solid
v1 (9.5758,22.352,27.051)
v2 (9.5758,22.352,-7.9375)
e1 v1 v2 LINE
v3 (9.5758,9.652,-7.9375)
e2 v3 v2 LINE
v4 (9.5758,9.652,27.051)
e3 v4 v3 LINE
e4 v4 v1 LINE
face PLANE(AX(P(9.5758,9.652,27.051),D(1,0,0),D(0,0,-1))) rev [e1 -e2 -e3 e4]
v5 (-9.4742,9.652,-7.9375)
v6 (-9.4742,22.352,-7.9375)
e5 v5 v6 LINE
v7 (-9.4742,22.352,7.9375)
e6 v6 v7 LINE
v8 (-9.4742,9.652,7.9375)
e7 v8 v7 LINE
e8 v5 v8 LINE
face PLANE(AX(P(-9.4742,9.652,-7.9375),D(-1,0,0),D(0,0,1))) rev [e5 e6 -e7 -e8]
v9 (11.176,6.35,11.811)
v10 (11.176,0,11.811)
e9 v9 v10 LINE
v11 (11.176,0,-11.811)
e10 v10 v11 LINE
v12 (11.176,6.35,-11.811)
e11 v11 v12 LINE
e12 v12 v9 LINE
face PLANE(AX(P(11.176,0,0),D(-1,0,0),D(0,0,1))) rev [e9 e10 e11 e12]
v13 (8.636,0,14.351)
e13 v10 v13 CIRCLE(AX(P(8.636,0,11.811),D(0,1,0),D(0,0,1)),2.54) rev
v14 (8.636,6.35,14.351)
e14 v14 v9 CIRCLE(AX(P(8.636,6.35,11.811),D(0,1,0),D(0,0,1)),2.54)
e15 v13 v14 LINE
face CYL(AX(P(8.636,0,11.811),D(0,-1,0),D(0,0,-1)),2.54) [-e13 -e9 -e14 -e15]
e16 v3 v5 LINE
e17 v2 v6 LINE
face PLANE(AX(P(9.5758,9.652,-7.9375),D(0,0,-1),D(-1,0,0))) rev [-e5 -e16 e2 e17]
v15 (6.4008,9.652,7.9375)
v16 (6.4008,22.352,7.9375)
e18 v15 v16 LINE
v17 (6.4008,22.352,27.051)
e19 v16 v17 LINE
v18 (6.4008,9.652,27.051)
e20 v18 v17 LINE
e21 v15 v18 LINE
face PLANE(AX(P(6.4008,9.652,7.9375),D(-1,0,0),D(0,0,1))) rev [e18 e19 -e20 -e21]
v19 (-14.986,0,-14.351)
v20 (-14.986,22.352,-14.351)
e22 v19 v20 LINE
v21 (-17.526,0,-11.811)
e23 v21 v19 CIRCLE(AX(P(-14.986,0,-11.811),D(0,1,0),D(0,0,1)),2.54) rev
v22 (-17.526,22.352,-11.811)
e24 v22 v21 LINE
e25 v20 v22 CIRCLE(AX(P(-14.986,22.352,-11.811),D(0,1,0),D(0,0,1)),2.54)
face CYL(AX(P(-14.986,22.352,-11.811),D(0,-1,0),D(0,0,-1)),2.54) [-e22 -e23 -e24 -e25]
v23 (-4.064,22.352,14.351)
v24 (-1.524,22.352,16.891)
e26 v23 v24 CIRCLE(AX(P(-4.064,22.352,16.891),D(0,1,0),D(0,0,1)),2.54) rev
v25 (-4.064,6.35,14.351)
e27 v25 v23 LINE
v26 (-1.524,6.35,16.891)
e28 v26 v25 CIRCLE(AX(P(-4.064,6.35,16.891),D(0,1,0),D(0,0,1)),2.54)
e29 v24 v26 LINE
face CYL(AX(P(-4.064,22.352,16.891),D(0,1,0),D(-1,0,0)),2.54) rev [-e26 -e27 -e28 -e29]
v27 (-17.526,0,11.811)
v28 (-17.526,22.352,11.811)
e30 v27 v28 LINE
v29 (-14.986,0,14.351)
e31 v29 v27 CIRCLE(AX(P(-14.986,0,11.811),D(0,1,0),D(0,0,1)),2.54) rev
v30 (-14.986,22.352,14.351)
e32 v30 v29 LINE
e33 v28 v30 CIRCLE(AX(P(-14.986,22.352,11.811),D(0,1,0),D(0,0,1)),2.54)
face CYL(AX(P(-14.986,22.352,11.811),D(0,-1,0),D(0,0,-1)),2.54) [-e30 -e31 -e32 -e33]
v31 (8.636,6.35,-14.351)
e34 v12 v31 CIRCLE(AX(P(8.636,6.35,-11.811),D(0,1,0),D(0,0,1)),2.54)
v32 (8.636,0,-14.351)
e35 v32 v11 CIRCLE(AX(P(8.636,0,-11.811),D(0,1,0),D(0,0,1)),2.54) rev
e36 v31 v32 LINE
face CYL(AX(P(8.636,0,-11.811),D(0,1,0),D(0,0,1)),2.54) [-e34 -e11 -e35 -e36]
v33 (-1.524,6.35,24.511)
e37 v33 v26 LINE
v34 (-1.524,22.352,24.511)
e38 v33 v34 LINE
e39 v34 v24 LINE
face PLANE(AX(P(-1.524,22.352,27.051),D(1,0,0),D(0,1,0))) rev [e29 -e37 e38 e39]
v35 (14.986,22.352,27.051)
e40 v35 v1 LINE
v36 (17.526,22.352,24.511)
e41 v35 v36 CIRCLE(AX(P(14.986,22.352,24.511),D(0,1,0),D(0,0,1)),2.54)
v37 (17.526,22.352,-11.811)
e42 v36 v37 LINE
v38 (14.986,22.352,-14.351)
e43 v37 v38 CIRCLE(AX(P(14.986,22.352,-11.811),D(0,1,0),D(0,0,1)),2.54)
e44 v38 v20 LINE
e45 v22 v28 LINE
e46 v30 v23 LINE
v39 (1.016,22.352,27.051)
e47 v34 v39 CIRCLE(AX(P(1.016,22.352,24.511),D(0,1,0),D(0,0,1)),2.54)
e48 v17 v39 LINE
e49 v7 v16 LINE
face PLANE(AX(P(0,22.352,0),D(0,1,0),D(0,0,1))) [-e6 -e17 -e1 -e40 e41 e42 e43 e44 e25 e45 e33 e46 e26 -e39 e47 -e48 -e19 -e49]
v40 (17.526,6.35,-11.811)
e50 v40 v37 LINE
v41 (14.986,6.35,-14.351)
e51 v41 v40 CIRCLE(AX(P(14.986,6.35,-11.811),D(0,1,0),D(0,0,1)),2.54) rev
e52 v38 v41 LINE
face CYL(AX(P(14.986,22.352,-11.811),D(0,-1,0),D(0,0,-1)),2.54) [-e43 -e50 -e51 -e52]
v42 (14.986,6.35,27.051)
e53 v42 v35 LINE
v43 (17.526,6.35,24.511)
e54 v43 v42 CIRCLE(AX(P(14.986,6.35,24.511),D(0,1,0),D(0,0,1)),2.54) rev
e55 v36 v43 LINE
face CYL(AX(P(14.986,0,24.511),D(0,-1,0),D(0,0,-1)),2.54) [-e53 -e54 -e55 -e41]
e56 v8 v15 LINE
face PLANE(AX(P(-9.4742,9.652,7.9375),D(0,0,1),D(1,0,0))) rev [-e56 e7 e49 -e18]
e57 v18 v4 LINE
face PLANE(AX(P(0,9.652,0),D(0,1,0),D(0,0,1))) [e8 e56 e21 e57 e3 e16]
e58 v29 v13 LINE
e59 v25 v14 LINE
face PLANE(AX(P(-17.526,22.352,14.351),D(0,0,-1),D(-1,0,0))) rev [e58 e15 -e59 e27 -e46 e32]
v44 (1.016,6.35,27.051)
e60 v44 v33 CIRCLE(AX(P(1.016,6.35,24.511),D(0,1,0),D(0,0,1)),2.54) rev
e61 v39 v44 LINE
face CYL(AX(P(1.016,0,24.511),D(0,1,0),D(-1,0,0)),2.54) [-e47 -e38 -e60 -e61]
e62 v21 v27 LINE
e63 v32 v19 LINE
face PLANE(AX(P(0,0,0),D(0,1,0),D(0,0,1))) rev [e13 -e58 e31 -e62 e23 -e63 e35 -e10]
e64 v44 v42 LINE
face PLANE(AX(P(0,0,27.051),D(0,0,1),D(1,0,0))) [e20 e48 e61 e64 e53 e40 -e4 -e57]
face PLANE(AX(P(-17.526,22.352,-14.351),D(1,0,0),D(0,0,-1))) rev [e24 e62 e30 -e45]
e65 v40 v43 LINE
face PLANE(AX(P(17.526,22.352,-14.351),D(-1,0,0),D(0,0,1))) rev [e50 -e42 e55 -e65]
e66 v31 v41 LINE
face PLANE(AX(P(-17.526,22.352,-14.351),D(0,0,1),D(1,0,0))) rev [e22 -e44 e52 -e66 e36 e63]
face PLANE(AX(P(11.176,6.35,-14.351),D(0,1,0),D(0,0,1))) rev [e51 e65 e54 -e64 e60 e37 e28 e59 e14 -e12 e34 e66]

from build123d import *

# Parameters (mm, degrees)
SKETCH1_W           = 35.052
SKETCH1_H           = 28.702
BOSS_EXTRUDE5_DEPTH = 22.352
SKETCH6_W           = 28.702
SKETCH6_H           = 6.35
CUT_EXTRUDE1_DEPTH  = 6.35
SKETCH7_W           = 19.05
SKETCH7_H           = 16.002
BOSS_EXTRUDE6_DEPTH = 12.7
CUT_EXTRUDE2_DEPTH  = 12.7
FILLET5_R           = 2.54
FILLET6_R           = 2.54


with BuildPart() as part:
    # Sketch1 → Boss-Extrude5 (new body)
    with BuildSketch(Plane(origin=(0, 0, 0), x_dir=(1, 0, 0), z_dir=(0, 1, 0))):
        Rectangle(SKETCH1_W, SKETCH1_H)
    extrude(amount=BOSS_EXTRUDE5_DEPTH)

    # Sketch6 → Cut-Extrude1 (cut)
    with BuildSketch(Plane(origin=(17.526, 0, 0), x_dir=(0, 0, -1), z_dir=(1, 0, 0))):
        with Locations((0, 3.175)):
            Rectangle(SKETCH6_W, SKETCH6_H)
    extrude(amount=-CUT_EXTRUDE1_DEPTH, mode=Mode.SUBTRACT)

    # Sketch7 → Boss-Extrude6 (add)
    with BuildSketch(Plane.XY.offset(14.351)):
        with Locations((8.001, 14.351)):
            Rectangle(SKETCH7_W, SKETCH7_H)
    extrude(amount=BOSS_EXTRUDE6_DEPTH)

    # Sketch8 → Cut-Extrude2 (cut)
    with BuildSketch(Plane(origin=(0, 22.352, 0), x_dir=(1, 0, 0), z_dir=(0, 1, 0))):
        Polygon((-9.4742, 7.9375), (-9.4742, -7.9375), (6.4008, -7.9375), (6.4008, -27.051), (9.5758, -27.051), (9.5758, 7.9375), align=None)
    extrude(amount=-CUT_EXTRUDE2_DEPTH, mode=Mode.SUBTRACT)

    # Fillet5
    fillet5_edges = [part.edges().sort_by_distance(p)[0] for p in [
        (11.176, 3.175, -14.351),
        (-1.524, 14.351, 14.351),
        (-17.526, 11.176, 14.351),
        (-17.526, 11.176, -14.351),
        (17.526, 14.351, -14.351),
    ]]
    fillet(fillet5_edges, radius=FILLET5_R)

    # Fillet6
    fillet6_edges = [part.edges().sort_by_distance(p)[0] for p in [
        (11.176, 3.175, 14.351),
        (-1.524, 14.351, 27.051),
        (17.526, 14.351, 27.051),
    ]]
    fillet(fillet6_edges, radius=FILLET6_R)


solid = part.part
